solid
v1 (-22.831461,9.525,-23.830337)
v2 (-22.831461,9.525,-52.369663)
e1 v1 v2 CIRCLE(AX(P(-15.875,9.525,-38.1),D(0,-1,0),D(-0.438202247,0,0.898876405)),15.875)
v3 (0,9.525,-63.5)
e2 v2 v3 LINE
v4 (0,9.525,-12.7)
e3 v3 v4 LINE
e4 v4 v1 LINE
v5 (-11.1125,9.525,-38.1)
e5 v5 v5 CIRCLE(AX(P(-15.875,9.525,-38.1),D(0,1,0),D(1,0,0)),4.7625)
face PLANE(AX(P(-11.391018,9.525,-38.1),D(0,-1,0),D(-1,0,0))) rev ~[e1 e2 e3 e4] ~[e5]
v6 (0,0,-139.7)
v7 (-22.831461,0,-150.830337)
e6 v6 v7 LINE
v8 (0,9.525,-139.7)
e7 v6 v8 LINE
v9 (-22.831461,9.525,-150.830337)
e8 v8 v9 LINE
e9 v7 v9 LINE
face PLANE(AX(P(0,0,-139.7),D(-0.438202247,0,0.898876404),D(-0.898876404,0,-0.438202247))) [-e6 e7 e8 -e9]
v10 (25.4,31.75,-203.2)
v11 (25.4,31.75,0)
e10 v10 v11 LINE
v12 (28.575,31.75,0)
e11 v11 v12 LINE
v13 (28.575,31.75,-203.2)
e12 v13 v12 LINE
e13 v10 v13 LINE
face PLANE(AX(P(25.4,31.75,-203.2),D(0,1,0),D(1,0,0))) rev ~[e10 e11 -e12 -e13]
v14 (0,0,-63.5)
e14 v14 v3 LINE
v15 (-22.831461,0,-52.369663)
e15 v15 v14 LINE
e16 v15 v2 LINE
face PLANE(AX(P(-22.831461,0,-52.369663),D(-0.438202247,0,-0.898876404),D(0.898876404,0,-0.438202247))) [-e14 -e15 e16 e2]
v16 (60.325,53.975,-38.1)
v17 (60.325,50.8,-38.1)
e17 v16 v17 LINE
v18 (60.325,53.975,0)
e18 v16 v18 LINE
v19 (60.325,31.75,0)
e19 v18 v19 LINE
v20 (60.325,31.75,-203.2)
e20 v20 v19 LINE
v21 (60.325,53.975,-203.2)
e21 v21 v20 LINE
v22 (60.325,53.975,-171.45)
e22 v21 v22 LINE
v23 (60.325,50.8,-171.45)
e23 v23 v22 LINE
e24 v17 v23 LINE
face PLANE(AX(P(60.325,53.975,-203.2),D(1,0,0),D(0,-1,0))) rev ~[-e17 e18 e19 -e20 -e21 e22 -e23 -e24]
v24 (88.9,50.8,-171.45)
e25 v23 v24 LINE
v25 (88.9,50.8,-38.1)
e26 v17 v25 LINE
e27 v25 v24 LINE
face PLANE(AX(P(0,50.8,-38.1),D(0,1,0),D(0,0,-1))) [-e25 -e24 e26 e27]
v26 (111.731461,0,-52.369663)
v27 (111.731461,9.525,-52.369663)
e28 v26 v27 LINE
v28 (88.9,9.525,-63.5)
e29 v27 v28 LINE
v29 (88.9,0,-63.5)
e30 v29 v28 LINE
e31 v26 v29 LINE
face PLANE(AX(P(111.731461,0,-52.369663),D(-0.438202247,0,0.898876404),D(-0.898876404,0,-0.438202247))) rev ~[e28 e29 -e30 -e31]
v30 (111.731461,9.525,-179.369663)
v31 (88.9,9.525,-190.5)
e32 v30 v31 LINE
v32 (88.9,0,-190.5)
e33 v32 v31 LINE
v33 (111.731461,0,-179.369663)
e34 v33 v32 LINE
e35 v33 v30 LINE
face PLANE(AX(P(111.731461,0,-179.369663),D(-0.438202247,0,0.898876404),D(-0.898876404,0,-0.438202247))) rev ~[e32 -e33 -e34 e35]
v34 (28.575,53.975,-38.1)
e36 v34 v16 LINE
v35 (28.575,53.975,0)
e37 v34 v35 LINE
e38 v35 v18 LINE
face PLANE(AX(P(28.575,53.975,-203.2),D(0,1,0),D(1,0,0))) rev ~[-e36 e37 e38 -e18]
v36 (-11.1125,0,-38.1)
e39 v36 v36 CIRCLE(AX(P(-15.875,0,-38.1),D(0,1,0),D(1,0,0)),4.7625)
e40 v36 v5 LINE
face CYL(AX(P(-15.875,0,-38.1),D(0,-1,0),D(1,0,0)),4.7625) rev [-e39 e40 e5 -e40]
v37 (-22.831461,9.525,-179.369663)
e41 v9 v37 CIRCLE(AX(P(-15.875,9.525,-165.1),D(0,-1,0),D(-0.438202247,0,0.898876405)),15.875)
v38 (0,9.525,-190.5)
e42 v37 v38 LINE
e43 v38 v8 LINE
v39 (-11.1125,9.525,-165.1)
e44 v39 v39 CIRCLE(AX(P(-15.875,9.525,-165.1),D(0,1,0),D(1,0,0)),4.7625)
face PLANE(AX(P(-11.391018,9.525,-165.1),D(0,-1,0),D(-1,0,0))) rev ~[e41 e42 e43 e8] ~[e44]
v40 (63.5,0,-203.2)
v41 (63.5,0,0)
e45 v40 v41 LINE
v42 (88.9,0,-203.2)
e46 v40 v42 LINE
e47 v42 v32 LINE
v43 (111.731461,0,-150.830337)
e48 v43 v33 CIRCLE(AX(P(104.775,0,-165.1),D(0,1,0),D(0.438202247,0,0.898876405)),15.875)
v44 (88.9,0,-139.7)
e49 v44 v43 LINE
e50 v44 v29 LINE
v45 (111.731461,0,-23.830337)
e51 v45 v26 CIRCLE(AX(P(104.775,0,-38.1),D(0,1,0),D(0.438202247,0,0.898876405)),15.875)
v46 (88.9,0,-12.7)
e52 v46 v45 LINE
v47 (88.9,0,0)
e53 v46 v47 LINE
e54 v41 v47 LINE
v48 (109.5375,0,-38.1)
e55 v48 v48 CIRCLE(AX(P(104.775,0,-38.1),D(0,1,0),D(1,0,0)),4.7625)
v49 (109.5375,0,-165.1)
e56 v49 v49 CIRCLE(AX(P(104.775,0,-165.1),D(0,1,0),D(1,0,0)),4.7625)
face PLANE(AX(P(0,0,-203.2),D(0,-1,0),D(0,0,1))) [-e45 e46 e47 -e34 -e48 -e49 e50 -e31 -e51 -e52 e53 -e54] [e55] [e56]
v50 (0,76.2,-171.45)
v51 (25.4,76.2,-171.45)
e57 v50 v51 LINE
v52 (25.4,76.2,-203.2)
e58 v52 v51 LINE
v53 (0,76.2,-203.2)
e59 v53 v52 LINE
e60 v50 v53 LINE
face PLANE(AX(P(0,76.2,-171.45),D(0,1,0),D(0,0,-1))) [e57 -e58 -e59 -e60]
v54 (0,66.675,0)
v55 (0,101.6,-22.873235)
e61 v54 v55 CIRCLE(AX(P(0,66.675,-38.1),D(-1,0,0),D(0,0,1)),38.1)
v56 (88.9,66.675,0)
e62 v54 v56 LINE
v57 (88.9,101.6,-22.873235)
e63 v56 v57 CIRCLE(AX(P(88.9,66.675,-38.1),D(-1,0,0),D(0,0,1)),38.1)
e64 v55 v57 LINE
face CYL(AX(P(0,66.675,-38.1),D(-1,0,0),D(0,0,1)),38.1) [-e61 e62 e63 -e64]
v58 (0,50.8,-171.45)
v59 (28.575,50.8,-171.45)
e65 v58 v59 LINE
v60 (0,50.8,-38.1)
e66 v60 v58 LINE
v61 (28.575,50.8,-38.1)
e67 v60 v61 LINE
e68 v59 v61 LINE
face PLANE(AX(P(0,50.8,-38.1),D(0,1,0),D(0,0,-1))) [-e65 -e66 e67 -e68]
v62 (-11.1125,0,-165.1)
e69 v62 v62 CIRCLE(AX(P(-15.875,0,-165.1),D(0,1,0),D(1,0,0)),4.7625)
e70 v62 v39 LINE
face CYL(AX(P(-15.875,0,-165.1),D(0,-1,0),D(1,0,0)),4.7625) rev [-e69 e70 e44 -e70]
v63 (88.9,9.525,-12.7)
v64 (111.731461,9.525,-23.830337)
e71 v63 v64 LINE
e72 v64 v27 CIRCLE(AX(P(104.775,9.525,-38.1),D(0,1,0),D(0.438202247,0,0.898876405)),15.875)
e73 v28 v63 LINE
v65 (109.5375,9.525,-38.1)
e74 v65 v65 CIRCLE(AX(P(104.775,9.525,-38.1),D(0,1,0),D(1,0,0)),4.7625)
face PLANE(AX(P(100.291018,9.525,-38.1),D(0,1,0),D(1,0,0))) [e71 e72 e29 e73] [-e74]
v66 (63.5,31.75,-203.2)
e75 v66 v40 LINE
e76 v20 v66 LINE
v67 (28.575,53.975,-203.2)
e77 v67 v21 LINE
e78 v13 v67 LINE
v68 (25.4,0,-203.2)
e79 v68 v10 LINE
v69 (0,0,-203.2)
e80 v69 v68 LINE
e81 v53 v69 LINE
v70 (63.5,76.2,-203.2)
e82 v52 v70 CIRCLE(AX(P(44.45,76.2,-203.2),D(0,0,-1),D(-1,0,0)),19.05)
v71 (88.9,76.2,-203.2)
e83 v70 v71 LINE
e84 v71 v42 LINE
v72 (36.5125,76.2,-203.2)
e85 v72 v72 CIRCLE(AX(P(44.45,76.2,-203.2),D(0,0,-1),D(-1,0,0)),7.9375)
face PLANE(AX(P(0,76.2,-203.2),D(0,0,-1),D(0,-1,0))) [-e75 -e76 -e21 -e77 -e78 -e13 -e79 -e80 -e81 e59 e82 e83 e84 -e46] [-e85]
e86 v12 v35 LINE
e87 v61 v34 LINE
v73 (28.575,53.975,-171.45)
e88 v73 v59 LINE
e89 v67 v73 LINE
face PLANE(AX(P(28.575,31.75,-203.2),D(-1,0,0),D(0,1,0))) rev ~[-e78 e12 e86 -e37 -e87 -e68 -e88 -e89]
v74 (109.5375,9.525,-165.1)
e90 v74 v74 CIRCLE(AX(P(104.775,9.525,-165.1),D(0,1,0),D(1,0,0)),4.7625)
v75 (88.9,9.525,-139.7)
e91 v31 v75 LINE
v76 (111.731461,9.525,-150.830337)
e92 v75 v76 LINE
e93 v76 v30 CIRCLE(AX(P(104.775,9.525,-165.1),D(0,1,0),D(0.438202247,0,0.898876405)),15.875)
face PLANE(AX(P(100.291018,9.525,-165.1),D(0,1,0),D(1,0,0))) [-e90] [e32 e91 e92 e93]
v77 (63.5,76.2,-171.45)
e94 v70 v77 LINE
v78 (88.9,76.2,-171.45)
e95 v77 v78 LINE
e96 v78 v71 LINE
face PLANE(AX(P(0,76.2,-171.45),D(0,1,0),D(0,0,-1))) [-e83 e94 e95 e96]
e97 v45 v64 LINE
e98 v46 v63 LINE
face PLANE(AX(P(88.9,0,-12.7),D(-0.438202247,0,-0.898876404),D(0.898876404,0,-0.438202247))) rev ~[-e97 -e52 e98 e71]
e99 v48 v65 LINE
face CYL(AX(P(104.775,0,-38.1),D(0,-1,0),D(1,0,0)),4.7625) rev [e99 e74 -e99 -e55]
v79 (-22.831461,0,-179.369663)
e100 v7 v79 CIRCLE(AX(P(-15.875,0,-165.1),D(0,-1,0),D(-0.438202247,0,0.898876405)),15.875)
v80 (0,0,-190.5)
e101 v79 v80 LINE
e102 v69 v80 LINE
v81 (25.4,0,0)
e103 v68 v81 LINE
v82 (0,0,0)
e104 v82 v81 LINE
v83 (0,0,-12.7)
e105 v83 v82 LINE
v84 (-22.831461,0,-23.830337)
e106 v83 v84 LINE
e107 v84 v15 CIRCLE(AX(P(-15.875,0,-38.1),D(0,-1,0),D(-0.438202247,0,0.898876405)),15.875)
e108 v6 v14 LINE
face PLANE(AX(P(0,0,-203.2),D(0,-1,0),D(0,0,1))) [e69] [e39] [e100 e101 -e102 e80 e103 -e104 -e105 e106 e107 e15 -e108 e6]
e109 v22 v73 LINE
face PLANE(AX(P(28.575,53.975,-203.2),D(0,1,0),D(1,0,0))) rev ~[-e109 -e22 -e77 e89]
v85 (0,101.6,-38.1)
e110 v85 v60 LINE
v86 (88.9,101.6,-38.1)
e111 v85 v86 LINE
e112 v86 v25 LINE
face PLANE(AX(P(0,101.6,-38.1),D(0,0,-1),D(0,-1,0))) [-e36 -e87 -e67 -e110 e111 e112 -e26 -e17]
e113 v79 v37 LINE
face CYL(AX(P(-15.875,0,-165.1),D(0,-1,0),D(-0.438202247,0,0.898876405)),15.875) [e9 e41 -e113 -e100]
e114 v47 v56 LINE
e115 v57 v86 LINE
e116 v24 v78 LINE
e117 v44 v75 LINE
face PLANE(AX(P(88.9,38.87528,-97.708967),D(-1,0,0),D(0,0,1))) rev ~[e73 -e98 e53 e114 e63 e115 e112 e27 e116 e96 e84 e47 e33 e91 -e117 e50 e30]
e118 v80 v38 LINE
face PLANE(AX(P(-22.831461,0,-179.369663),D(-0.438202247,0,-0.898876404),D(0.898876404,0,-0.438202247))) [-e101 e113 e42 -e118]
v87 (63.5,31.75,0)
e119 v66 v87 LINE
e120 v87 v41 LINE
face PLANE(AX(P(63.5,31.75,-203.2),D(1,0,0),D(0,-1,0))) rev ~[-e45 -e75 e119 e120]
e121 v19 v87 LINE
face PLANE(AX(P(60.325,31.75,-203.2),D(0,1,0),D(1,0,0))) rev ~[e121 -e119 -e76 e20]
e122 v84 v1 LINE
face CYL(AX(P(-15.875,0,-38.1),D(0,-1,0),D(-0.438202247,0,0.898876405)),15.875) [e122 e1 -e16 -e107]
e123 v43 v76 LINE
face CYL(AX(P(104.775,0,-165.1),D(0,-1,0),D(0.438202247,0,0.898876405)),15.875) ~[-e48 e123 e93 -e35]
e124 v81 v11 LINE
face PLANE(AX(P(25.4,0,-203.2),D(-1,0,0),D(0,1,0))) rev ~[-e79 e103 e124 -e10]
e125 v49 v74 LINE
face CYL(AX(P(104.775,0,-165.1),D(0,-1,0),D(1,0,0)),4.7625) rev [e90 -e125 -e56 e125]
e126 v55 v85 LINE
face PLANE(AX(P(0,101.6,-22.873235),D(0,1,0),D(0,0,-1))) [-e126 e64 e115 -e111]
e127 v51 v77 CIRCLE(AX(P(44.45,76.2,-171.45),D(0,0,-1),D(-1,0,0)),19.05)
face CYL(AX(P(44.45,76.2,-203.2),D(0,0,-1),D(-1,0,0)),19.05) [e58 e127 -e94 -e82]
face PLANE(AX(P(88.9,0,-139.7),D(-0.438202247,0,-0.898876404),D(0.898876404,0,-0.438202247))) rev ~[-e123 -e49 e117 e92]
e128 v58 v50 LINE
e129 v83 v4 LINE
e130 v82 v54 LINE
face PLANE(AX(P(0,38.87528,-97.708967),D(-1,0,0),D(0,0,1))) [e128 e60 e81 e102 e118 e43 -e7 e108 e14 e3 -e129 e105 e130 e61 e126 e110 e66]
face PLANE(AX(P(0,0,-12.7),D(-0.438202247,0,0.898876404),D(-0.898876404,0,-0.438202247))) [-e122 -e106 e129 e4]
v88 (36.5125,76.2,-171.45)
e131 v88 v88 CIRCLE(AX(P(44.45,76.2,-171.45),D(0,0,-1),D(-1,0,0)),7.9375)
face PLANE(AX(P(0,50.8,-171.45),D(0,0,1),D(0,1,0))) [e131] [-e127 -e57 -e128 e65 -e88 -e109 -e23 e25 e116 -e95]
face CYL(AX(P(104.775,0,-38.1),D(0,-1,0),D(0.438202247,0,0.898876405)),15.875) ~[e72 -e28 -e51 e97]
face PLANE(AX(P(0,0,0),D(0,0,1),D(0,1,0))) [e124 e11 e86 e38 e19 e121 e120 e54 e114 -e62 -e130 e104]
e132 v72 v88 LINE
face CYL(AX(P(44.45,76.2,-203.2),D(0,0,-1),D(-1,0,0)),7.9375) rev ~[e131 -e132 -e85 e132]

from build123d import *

# Parameters (mm, degrees)
BOSS_EXTRUDE1_DEPTH = 88.9
CUT_EXTRUDE1_DEPTH  = 203.2
BOSS_EXTRUDE2_DEPTH = 31.75
SKETCH5_R           = 7.9375
CUT_EXTRUDE2_DEPTH  = 31.75
SKETCH6_R           = 4.7625
BOSS_EXTRUDE3_DEPTH = 9.525


with BuildPart() as part:
    # Sketch2 → Boss-Extrude1 (new body)
    with BuildSketch(Plane(origin=(0, 0, 0), x_dir=(0, 0, -1), z_dir=(1, 0, 0))):
        with BuildLine():
            Line((0, 0), (0, 66.675))
            ThreePointArc((0, 66.675), (6.227207921, 87.549269451), (22.873234913, 101.6))
            Line((22.873234913, 101.6), (38.1, 101.6))
            Line((38.1, 101.6), (38.1, 50.8))
            Line((38.1, 50.8), (171.45, 50.8))
            Line((171.45, 50.8), (171.45, 76.2))
            Line((171.45, 76.2), (203.2, 76.2))
            Line((203.2, 76.2), (203.2, 0))
            Line((203.2, 0), (171.45, 0))
            Line((171.45, 0), (38.1, 0))
            Line((38.1, 0), (0, 0))
        make_face()
    extrude(amount=BOSS_EXTRUDE1_DEPTH)

    # Sketch3 → Cut-Extrude1 (cut)
    with BuildSketch(Plane(origin=(0, 0, -203.2), x_dir=(-1, 0, 0), z_dir=(0, 0, -1))):
        Polygon((-44.45, 0), (-25.4, 0), (-25.4, 31.75), (-28.575, 31.75), (-28.575, 53.975), (-60.325, 53.975), (-60.325, 31.75), (-63.5, 31.75), (-63.5, 0), align=None)
    extrude(amount=-CUT_EXTRUDE1_DEPTH, mode=Mode.SUBTRACT)

    # Sketch4 → Boss-Extrude2 (add)
    with BuildSketch(Plane(origin=(0, 0, -203.2), x_dir=(-1, 0, 0), z_dir=(0, 0, -1))):
        with BuildLine():
            Line((-63.5, 76.2), (-25.4, 76.2))
            ThreePointArc((-25.4, 76.2), (-44.45, 95.25), (-63.5, 76.2))
        make_face()
    extrude(amount=-BOSS_EXTRUDE2_DEPTH)

    # Sketch5 → Cut-Extrude2 (cut)
    with BuildSketch(Plane(origin=(0, 0, -203.2), x_dir=(-1, 0, 0), z_dir=(0, 0, -1))):
        with Locations((-44.45, 76.2)):
            Circle(SKETCH5_R)
    extrude(amount=-CUT_EXTRUDE2_DEPTH, mode=Mode.SUBTRACT)

    # Sketch6 → Boss-Extrude3 (add)
    with BuildSketch(Plane(origin=(0, 0, 0), x_dir=(1, 0, 0), z_dir=(0, 1, 0))):
        with BuildLine():
            ThreePointArc((-22.831460674, 23.830337079), (-31.75, 38.1), (-22.831460674, 52.369662921))
            Line((-22.831460674, 52.369662921), (0, 63.5))
            Line((0, 63.5), (0, 12.7))
            Line((0, 12.7), (-22.831460674, 23.830337079))
        make_face()
        with Locations((-15.875, 38.1)):
            Circle(SKETCH6_R, mode=Mode.SUBTRACT)
        with BuildLine():
            ThreePointArc((-22.831460674, 150.830337079), (-31.75, 165.1), (-22.831460674, 179.369662921))
            Line((-22.831460674, 179.369662921), (0, 190.5))
            Line((0, 190.5), (0, 139.7))
            Line((0, 139.7), (-22.831460674, 150.830337079))
        make_face()
        with Locations((-15.875, 165.1)):
            Circle(SKETCH6_R, mode=Mode.SUBTRACT)
        with BuildLine():
            Line((88.9, 139.7), (111.731460674, 150.830337079))
            ThreePointArc((111.731460674, 150.830337079), (120.65, 165.1), (111.731460674, 179.369662921))
            Line((111.731460674, 179.369662921), (88.9, 190.5))
            Line((88.9, 190.5), (88.9, 139.7))
        make_face()
        with Locations((104.775, 165.1)):
            Circle(SKETCH6_R, mode=Mode.SUBTRACT)
        with BuildLine():
            Line((88.9, 12.7), (111.731460674, 23.830337079))
            ThreePointArc((111.731460674, 23.830337079), (120.65, 38.1), (111.731460674, 52.369662921))
            Line((111.731460674, 52.369662921), (88.9, 63.5))
            Line((88.9, 63.5), (88.9, 12.7))
        make_face()
        with Locations((104.775, 38.1)):
            Circle(SKETCH6_R, mode=Mode.SUBTRACT)
    extrude(amount=BOSS_EXTRUDE3_DEPTH)


solid = part.part
